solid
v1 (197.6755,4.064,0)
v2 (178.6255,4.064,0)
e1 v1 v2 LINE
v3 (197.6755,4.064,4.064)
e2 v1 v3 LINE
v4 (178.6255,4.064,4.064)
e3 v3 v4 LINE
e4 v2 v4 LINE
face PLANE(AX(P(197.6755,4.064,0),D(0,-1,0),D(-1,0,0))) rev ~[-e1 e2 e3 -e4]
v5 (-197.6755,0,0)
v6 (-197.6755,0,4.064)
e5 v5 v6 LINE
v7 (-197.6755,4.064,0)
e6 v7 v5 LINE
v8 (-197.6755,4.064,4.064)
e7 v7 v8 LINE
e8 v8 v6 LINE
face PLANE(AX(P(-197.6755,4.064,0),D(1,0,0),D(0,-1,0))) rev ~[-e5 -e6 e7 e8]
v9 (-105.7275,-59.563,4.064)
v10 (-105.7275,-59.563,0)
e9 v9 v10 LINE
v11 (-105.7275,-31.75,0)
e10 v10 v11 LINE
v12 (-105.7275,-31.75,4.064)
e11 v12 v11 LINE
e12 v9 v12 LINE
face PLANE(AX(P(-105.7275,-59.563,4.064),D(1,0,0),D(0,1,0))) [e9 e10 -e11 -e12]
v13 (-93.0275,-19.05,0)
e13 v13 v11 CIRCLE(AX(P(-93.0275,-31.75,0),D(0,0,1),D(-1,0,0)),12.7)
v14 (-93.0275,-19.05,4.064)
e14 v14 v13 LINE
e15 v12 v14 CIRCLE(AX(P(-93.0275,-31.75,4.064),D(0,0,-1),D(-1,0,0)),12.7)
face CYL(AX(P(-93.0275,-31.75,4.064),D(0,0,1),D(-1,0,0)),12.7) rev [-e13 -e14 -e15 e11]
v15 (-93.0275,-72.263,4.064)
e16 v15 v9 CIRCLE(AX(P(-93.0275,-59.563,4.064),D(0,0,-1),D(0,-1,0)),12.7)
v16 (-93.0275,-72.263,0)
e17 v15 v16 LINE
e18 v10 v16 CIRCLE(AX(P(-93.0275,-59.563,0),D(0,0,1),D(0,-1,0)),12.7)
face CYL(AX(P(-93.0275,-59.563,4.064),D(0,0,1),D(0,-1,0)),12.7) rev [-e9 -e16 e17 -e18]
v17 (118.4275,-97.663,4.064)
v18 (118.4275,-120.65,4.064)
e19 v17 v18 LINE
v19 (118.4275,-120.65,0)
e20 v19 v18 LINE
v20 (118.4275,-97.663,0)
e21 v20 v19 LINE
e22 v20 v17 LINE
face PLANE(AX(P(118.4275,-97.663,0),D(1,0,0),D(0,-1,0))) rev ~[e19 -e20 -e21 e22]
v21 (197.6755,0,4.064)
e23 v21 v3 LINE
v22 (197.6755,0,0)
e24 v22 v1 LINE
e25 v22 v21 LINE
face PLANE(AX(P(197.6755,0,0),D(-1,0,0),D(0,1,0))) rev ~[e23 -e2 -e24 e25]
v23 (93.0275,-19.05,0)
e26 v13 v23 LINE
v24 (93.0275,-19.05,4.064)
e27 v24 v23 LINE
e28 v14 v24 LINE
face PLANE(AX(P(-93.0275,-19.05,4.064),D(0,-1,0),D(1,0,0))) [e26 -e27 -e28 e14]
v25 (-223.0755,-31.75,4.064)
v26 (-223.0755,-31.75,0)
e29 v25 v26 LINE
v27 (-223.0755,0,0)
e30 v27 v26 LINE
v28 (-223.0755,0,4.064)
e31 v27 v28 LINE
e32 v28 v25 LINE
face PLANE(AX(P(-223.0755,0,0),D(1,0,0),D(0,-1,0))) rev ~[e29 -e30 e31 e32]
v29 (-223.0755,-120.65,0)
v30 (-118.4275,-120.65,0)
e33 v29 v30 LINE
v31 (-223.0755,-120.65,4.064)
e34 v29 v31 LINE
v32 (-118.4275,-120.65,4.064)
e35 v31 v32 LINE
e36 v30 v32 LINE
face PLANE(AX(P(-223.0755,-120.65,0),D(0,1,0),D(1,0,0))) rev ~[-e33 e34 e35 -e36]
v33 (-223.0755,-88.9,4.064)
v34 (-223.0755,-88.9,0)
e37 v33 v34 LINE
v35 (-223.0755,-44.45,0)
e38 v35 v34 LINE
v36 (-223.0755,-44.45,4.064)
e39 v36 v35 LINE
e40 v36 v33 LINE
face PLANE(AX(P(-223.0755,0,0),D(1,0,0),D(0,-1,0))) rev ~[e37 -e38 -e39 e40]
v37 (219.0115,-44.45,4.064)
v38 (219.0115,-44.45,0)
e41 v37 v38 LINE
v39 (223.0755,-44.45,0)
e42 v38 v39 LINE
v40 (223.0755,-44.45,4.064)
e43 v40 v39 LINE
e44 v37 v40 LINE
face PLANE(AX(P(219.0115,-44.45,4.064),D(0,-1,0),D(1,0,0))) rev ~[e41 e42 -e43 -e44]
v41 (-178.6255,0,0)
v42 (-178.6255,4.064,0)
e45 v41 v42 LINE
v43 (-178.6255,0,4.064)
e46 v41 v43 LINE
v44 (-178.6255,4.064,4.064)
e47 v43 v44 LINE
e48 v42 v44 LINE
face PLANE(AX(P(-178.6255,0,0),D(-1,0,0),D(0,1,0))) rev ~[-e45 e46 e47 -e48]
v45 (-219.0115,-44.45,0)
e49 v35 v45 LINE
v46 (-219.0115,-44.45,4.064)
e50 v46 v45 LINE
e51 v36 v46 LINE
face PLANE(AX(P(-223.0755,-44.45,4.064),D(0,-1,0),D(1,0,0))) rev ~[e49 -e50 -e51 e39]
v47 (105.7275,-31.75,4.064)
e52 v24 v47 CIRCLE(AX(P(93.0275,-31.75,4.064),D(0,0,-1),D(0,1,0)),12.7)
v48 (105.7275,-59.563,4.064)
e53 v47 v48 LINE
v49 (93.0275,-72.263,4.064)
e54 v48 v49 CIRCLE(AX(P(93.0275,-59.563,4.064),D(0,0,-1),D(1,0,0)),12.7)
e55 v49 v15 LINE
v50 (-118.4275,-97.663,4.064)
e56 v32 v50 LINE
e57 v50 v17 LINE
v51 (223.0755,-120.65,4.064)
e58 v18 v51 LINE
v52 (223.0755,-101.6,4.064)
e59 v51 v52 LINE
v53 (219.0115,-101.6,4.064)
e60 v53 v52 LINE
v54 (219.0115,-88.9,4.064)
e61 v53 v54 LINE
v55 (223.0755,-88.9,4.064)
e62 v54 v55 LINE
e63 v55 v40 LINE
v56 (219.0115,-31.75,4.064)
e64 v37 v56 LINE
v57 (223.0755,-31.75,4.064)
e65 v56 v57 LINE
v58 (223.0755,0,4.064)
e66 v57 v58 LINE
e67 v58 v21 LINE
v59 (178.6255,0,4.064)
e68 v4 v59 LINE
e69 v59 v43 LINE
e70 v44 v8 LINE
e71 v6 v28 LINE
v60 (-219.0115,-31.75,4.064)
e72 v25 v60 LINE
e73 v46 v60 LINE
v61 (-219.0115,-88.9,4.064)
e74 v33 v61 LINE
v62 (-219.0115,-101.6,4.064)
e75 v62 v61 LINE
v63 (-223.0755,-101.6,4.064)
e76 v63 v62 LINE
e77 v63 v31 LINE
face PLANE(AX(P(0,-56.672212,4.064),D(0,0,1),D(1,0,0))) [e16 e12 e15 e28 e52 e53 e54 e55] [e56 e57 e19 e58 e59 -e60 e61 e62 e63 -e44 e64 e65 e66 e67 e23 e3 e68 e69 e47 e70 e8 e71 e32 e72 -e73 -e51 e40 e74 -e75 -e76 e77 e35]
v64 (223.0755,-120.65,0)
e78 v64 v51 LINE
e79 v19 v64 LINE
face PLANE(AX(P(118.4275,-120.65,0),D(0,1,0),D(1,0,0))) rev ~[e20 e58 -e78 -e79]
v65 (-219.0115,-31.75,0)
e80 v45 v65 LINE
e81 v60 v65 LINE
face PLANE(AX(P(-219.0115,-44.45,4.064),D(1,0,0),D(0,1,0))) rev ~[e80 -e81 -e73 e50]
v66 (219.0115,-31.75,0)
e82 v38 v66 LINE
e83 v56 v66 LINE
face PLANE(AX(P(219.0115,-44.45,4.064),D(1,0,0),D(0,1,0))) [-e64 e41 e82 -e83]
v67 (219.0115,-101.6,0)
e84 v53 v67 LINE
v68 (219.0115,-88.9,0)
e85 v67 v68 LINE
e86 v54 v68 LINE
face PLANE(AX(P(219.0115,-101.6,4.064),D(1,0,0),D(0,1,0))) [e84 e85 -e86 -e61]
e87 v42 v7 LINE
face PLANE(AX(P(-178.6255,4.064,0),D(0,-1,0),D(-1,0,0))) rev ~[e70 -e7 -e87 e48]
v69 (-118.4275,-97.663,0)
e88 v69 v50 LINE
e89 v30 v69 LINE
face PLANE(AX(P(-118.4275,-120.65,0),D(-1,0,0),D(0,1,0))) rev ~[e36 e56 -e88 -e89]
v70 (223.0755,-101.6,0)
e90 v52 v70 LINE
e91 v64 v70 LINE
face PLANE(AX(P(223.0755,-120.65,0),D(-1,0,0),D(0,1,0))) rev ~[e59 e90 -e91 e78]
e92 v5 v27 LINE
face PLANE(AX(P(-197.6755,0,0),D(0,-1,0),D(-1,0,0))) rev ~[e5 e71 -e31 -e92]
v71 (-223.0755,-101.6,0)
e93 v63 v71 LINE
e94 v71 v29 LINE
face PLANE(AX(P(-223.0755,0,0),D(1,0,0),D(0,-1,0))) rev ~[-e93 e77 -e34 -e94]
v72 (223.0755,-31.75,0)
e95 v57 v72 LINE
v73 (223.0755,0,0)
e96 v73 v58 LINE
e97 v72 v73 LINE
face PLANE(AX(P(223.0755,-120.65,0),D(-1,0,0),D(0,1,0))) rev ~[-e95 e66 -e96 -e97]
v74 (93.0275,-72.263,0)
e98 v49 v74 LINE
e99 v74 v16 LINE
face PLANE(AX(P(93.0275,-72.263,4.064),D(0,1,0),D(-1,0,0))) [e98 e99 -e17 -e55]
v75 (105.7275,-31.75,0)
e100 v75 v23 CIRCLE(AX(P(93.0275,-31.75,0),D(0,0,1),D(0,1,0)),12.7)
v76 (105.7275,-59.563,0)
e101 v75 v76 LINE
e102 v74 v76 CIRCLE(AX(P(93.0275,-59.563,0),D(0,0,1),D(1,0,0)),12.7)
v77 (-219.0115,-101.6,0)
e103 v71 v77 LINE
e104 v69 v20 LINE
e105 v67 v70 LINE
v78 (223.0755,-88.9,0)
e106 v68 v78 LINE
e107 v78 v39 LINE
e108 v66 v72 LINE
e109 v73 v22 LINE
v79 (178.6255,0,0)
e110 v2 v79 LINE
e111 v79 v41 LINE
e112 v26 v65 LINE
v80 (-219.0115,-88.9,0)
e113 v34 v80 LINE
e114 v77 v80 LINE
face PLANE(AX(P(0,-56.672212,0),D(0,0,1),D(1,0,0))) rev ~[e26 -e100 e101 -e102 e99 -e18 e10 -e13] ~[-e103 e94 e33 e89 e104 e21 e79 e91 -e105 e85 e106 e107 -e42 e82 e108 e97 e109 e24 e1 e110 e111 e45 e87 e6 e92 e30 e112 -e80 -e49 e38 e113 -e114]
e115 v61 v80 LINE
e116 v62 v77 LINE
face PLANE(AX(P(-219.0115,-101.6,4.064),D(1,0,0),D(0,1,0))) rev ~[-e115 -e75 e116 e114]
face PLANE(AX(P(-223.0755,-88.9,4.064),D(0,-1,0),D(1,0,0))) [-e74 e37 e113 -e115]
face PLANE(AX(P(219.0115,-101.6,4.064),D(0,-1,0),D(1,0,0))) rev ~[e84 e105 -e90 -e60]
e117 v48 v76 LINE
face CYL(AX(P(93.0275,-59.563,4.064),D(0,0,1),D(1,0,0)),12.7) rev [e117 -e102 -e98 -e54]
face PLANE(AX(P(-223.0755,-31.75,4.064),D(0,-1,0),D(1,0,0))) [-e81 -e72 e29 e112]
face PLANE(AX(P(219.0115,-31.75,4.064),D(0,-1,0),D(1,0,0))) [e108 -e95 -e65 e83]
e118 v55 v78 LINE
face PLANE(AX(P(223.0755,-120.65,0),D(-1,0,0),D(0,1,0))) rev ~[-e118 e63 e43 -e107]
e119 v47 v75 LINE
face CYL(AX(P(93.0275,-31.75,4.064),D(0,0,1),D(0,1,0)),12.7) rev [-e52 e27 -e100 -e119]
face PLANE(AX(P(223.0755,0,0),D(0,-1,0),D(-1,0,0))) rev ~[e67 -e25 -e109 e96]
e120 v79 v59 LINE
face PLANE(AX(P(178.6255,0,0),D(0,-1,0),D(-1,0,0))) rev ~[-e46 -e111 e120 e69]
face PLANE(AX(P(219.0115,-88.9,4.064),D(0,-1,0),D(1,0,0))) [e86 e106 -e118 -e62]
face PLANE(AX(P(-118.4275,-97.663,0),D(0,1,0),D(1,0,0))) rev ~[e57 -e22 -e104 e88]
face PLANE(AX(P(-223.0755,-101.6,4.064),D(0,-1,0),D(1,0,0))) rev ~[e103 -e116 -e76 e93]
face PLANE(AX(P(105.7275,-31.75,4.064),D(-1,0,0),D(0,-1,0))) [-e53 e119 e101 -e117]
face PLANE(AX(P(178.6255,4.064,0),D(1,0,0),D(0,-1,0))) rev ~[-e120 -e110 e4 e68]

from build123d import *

# Parameters (mm, degrees)
BOSS_EXTRUDE1_DEPTH = 4.064
SKETCH2_W           = 4.064
SKETCH2_H           = 12.7
CUT_EXTRUDE1_DEPTH  = 5.064
CUT_EXTRUDE2_DEPTH  = 5.064


with BuildPart() as part:
    # Sketch1 → Boss-Extrude1 (new body)
    with BuildSketch(Plane.XY):
        Polygon((-118.4275, -120.65), (-118.4275, -97.663), (118.4275, -97.663), (118.4275, -120.65), (223.0755, -120.65), (223.0755, 0), (197.6755, 0), (197.6755, 4.064), (178.6255, 4.064), (178.6255, 0), (-178.6255, 0), (-178.6255, 4.064), (-197.6755, 4.064), (-197.6755, 0), (-223.0755, 0), (-223.0755, -120.65), align=None)
    extrude(amount=BOSS_EXTRUDE1_DEPTH)

    # Sketch2 → Cut-Extrude1 (cut, through all)
    with BuildSketch(Plane.XY.offset(4.064)):
        with Locations((-221.0435, -38.1)):
            Rectangle(SKETCH2_W, SKETCH2_H)
        with Locations((-221.0435, -95.25)):
            Rectangle(SKETCH2_W, SKETCH2_H)
        with Locations((221.0435, -95.25)):
            Rectangle(SKETCH2_W, SKETCH2_H)
        with Locations((221.0435, -38.1)):
            Rectangle(SKETCH2_W, SKETCH2_H)
    extrude(amount=-CUT_EXTRUDE1_DEPTH, mode=Mode.SUBTRACT)

    # Sketch3 → Cut-Extrude2 (cut, through all)
    with BuildSketch(Plane.XY.offset(4.064)):
        with BuildLine():
            Line((-93.0275, -19.05), (93.0275, -19.05))
            ThreePointArc((93.0275, -19.05), (102.007756121, -22.769743879), (105.7275, -31.75))
            Line((105.7275, -31.75), (105.7275, -59.563))
            ThreePointArc((105.7275, -59.563), (102.007756121, -68.543256121), (93.0275, -72.263))
            Line((93.0275, -72.263), (-93.0275, -72.263))
            ThreePointArc((-93.0275, -72.263), (-102.007756121, -68.543256121), (-105.7275, -59.563))
            Line((-105.7275, -59.563), (-105.7275, -31.75))
            ThreePointArc((-105.7275, -31.75), (-102.007756121, -22.769743879), (-93.0275, -19.05))
        make_face()
    extrude(amount=-CUT_EXTRUDE2_DEPTH, mode=Mode.SUBTRACT)


solid = part.part
